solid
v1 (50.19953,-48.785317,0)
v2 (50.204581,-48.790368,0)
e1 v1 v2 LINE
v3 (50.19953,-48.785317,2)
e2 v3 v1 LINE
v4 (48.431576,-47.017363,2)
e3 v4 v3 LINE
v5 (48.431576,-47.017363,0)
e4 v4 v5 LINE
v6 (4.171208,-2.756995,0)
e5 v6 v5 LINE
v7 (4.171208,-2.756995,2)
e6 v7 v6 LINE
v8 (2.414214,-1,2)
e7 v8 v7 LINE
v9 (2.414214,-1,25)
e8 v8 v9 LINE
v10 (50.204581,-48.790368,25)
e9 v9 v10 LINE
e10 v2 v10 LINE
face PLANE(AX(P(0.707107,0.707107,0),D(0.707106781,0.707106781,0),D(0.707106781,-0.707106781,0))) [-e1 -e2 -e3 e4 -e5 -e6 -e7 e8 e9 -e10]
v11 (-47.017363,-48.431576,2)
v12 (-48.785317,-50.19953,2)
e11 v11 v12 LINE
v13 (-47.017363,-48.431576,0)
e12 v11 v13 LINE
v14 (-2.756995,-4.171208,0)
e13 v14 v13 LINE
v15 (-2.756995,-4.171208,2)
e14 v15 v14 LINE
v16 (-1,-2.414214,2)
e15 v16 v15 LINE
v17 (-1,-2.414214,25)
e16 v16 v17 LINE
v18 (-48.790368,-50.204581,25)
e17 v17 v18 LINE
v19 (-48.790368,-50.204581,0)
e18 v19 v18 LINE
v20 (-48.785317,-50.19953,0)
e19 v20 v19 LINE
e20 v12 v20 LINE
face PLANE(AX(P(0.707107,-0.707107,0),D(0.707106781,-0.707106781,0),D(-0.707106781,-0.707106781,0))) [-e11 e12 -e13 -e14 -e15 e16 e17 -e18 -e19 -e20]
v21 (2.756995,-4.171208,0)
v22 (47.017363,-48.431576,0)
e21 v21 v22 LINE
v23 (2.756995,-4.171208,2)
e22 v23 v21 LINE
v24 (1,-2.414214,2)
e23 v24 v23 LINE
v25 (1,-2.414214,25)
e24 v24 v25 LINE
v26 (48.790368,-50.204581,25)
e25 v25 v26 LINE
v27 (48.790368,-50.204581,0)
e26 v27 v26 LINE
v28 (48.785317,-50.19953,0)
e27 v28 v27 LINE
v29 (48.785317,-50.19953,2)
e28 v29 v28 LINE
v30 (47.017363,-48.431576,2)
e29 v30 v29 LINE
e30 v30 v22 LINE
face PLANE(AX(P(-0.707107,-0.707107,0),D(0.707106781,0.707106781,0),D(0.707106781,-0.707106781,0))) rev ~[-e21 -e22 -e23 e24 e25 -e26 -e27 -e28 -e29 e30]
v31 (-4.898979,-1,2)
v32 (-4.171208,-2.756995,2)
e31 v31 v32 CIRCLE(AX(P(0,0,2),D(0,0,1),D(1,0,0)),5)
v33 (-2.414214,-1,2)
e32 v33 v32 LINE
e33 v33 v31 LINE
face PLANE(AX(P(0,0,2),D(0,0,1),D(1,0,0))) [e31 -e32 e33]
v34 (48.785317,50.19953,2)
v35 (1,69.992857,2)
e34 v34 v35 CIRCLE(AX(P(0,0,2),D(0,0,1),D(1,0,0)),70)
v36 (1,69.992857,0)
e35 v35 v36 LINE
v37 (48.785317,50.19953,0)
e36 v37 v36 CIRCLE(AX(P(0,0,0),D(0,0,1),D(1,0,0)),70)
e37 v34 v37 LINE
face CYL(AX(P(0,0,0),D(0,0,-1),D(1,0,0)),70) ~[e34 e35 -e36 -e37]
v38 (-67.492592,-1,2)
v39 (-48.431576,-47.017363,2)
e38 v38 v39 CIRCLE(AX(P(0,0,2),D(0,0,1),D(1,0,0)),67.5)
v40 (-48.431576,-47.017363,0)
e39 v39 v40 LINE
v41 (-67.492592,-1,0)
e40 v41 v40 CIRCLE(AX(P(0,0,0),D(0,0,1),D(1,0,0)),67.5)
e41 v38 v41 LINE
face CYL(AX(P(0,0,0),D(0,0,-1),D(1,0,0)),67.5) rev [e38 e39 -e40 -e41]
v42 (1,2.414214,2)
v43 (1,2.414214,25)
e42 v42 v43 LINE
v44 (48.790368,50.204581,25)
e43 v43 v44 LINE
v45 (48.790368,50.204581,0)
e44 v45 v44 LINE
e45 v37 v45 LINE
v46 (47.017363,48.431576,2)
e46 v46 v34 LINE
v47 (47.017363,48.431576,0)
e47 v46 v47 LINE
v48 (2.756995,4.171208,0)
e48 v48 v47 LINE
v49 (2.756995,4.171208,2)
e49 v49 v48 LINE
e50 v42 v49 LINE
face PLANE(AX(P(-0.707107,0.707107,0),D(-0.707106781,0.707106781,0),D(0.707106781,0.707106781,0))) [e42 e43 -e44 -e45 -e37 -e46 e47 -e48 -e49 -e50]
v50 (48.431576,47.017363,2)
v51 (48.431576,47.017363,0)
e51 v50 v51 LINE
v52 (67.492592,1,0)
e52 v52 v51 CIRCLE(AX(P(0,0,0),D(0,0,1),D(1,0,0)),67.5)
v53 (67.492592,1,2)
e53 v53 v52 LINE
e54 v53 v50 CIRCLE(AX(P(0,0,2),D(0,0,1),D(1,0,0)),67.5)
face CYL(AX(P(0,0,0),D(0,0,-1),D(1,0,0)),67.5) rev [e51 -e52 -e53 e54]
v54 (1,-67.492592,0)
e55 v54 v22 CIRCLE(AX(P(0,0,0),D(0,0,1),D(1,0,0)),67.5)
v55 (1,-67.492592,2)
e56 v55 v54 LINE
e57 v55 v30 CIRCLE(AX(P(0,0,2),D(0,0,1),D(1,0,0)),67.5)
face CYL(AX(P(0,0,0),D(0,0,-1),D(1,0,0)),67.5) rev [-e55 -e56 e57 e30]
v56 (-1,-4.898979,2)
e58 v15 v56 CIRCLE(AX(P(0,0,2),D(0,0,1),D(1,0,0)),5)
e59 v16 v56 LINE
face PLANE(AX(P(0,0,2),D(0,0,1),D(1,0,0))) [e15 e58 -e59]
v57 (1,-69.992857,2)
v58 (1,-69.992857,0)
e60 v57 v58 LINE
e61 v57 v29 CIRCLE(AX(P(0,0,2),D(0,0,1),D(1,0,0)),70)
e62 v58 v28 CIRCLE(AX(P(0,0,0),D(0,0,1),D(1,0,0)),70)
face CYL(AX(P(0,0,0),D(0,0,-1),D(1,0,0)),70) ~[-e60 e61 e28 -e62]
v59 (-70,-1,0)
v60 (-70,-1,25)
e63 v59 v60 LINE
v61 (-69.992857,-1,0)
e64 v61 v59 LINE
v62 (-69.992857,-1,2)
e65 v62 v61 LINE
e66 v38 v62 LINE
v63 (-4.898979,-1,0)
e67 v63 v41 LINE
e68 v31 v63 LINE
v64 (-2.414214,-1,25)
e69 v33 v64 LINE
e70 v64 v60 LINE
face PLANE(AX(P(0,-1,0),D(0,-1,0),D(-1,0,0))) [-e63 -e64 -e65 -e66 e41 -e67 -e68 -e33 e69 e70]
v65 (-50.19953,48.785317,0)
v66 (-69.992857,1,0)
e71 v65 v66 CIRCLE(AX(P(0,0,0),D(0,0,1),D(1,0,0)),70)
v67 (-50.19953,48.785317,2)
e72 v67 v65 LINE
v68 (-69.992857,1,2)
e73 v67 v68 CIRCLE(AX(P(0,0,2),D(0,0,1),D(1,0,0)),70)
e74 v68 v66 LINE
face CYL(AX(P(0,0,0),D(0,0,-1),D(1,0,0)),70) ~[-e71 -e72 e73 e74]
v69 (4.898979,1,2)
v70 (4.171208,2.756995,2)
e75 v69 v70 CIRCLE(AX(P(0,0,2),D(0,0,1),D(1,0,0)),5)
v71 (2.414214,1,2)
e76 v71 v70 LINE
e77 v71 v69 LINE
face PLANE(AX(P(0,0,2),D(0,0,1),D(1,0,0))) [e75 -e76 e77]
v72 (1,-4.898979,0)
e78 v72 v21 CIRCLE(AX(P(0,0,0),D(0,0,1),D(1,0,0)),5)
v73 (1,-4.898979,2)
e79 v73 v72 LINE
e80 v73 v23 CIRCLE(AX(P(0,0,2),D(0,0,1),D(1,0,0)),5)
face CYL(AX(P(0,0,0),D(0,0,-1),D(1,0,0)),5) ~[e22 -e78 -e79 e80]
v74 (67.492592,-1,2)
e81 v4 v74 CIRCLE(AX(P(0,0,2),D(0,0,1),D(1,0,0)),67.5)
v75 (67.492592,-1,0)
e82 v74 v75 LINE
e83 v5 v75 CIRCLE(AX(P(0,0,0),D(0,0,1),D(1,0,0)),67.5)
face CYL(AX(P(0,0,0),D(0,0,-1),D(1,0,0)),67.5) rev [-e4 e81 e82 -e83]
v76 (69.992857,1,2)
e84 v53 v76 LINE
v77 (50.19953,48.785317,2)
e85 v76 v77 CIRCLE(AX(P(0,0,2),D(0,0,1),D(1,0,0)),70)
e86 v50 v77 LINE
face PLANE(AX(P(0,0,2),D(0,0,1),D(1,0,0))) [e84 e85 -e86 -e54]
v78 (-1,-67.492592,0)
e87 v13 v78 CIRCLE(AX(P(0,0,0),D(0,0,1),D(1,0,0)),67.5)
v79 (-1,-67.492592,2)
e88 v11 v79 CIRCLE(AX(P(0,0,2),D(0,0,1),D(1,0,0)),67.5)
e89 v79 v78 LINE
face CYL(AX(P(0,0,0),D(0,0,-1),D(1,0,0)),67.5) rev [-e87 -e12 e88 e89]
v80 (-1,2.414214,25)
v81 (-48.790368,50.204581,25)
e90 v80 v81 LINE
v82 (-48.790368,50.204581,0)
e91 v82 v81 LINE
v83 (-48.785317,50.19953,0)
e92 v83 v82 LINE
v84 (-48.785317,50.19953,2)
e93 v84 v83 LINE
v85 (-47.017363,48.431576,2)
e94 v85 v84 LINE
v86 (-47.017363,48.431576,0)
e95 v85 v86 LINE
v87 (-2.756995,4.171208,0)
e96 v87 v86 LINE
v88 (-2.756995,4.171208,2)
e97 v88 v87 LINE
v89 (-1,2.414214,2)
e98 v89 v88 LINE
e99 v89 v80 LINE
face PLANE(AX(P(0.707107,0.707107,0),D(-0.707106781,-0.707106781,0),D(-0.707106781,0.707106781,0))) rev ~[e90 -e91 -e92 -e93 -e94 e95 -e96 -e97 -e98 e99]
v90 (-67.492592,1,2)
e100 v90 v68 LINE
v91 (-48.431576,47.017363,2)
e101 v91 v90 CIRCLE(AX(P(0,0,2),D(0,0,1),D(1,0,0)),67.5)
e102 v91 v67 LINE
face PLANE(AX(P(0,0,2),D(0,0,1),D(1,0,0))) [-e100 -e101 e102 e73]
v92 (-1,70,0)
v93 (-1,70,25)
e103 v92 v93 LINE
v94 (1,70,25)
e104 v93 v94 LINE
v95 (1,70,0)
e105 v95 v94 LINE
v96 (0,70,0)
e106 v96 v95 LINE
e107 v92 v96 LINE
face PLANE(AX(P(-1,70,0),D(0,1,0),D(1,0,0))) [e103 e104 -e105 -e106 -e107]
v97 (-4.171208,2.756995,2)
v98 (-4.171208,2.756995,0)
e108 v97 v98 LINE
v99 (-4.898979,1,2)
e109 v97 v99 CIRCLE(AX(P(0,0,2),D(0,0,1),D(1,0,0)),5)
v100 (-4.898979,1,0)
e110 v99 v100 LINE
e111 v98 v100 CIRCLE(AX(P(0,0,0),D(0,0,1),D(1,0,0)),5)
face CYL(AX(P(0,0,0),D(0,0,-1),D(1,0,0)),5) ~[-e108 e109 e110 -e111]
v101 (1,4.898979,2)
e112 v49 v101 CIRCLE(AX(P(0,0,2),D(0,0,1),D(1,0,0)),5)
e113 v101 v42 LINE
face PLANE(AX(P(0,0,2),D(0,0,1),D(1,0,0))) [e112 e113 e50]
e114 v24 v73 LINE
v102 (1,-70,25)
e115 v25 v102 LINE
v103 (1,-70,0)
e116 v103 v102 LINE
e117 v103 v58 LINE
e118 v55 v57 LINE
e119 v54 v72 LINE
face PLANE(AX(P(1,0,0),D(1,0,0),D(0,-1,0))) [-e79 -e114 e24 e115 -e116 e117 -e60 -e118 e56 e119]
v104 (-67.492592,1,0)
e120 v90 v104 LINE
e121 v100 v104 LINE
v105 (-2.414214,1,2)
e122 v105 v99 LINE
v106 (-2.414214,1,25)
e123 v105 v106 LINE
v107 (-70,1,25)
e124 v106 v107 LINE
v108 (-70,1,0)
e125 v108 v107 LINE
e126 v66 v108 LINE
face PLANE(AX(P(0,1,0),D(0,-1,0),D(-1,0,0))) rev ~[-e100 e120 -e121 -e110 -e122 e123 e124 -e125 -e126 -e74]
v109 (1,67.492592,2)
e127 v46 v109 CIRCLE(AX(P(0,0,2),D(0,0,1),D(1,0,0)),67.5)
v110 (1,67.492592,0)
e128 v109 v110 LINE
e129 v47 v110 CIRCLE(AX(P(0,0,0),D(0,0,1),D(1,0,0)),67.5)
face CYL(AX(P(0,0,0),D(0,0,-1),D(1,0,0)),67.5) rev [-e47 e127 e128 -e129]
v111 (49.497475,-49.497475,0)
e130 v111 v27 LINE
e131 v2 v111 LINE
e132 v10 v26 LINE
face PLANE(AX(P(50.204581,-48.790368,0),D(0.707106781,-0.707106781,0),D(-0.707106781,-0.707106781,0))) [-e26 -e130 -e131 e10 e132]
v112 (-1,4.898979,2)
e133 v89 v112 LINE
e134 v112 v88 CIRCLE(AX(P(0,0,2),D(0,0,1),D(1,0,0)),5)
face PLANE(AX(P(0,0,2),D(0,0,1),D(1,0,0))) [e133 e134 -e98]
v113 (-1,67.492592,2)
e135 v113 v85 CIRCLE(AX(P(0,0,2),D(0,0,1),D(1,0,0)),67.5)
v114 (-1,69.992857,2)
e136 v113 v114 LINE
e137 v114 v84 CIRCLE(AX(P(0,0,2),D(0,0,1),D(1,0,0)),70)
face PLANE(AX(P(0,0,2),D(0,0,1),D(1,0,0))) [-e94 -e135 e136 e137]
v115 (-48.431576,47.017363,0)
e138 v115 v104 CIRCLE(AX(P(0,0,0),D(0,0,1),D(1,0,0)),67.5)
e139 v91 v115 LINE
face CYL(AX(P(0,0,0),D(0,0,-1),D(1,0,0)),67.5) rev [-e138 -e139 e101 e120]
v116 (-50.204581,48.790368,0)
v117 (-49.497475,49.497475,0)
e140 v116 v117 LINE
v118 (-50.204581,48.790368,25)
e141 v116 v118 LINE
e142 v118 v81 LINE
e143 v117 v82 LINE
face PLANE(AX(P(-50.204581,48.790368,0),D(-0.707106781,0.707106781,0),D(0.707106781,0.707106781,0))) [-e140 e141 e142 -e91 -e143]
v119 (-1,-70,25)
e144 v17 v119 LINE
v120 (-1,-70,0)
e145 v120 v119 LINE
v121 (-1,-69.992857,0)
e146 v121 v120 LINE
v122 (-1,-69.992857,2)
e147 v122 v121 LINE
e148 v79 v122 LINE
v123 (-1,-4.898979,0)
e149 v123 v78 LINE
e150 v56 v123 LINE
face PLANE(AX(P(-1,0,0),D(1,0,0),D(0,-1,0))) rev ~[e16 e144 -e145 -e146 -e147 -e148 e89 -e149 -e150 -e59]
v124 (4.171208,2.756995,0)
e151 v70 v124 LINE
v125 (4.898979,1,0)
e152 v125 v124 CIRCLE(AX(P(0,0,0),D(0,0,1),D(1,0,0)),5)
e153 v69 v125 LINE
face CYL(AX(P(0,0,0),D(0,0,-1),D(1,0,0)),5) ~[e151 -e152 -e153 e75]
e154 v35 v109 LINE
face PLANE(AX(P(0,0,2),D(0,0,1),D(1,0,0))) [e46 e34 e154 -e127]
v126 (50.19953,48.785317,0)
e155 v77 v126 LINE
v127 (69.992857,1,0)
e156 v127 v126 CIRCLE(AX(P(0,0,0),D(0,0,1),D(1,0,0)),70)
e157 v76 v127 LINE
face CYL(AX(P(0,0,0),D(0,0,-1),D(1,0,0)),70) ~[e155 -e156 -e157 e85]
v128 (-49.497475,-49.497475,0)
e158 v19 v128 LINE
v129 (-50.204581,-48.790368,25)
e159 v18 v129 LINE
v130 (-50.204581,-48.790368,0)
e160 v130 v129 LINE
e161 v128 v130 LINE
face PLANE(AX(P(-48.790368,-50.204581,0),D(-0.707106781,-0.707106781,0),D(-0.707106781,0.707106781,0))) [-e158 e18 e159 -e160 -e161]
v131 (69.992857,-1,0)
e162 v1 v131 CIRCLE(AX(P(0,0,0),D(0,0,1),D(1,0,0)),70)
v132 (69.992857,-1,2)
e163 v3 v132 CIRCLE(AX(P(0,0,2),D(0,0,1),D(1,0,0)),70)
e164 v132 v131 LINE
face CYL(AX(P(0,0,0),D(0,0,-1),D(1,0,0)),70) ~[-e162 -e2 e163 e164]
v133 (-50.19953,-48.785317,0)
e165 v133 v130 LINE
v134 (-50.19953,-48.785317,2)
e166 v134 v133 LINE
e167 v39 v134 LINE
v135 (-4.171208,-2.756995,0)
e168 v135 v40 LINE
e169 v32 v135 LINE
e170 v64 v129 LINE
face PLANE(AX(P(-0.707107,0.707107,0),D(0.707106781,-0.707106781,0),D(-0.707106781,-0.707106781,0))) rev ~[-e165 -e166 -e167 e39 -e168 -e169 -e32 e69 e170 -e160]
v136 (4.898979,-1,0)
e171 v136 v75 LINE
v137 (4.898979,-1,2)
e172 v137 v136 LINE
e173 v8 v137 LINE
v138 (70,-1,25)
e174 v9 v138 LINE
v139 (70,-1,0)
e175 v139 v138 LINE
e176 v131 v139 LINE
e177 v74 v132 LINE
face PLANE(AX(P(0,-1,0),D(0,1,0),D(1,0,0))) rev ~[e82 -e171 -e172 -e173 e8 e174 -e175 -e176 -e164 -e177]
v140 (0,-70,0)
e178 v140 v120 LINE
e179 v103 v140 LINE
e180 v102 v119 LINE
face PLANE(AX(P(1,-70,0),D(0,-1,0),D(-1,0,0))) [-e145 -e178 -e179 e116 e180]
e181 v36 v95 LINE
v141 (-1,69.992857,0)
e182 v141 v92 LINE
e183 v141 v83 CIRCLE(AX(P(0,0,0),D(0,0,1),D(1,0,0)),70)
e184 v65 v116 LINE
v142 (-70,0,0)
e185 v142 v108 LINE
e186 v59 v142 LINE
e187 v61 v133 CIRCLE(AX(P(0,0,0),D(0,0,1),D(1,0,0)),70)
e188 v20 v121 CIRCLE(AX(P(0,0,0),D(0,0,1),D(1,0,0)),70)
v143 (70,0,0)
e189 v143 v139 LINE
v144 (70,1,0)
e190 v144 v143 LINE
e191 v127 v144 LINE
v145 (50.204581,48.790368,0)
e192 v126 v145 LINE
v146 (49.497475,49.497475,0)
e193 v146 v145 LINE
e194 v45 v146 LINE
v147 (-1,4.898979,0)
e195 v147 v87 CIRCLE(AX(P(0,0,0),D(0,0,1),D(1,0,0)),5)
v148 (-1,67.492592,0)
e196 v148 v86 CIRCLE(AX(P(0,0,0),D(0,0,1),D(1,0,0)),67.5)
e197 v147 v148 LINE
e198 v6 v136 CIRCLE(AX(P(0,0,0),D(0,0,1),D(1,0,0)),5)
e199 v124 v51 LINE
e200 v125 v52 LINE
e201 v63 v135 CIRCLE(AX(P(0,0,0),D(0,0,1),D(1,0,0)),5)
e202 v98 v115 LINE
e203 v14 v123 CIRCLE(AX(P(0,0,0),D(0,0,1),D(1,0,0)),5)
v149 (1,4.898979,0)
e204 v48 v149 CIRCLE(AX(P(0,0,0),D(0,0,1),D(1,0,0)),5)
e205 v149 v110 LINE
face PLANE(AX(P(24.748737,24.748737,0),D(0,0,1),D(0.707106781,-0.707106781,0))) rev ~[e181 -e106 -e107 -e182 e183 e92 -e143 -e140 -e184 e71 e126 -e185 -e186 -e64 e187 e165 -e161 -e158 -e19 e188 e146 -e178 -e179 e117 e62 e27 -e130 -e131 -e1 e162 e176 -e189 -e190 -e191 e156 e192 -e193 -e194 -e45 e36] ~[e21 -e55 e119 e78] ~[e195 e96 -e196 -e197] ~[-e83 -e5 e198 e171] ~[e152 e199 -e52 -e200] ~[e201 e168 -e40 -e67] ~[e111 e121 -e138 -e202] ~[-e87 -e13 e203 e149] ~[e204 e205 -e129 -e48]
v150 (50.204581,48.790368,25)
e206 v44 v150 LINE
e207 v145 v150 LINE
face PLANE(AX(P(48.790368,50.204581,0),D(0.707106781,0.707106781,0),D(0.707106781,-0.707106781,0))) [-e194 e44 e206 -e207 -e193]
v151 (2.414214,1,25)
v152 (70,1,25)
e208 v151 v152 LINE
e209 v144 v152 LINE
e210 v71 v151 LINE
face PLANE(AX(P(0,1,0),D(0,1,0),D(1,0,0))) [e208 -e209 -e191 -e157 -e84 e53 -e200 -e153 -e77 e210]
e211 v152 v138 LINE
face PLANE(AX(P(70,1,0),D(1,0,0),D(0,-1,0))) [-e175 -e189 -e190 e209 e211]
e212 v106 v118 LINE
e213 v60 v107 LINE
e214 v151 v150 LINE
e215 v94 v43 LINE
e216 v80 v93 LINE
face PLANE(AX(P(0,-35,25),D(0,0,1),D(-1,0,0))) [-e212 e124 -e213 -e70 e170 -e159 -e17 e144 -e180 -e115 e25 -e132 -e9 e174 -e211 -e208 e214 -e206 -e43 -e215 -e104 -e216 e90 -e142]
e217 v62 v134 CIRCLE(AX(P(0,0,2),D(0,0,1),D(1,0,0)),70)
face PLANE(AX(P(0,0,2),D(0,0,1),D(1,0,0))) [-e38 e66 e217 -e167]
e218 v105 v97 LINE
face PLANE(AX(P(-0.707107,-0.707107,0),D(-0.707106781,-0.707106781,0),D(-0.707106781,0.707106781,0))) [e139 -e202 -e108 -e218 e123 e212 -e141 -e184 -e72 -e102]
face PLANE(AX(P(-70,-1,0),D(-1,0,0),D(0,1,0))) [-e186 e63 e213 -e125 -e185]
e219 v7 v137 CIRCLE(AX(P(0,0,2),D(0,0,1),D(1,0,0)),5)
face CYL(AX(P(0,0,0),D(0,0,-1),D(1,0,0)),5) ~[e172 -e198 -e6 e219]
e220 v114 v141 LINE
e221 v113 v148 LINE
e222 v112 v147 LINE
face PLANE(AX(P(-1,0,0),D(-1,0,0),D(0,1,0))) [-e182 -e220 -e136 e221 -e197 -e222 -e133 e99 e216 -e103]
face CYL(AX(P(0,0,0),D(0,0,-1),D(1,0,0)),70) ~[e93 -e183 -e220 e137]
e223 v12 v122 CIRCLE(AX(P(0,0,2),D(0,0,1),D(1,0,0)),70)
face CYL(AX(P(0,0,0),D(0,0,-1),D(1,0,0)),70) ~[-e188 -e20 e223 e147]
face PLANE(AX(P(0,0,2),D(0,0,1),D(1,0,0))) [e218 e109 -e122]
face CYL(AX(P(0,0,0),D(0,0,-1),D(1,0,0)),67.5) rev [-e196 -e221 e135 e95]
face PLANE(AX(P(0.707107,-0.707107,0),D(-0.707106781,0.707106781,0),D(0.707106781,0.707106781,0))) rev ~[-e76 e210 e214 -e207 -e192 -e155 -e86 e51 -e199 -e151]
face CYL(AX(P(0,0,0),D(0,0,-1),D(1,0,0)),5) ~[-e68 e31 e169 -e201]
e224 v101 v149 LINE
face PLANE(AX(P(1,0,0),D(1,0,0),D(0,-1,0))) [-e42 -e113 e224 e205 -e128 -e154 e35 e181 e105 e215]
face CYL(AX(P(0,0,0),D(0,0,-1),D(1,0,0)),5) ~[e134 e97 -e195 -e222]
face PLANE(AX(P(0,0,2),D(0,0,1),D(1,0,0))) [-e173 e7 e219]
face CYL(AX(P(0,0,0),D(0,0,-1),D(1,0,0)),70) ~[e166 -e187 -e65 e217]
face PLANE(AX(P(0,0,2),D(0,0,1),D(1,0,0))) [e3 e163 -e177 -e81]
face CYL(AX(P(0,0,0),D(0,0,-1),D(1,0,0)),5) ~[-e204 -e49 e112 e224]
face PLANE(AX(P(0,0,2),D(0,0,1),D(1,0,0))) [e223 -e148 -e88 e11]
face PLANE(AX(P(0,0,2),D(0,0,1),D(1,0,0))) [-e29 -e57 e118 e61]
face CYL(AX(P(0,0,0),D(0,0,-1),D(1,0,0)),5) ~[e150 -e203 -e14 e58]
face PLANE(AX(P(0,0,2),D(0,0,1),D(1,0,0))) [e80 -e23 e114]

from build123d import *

# Parameters (mm, degrees)
SKETCH_W           = 2
SKETCH_H           = 70
PAD_DEPTH          = 25
POLARPATTERN_COUNT = 8
SKETCH001_R        = 70
SKETCH001_R_2      = 67.5
SKETCH001_R_3      = 5
PAD001_DEPTH       = 2


with BuildPart() as part:
    # Sketch → Pad (new body)
    with BuildSketch(Plane.XY):
        with Locations((0, 35)):
            Rectangle(SKETCH_W, SKETCH_H)
    pad = extrude(amount=PAD_DEPTH)

    # PolarPattern: Pad ×8 about axis
    polarpattern_axis = Axis((0, 0, 0), (0, 0, 1))
    for i in range(1, POLARPATTERN_COUNT):
        add(pad.rotate(polarpattern_axis, i * 360 / POLARPATTERN_COUNT))

    # Sketch001 → Pad001 (join)
    with BuildSketch(Plane.XY):
        Circle(SKETCH001_R)
        Circle(SKETCH001_R_2, mode=Mode.SUBTRACT)
        Circle(SKETCH001_R_3)
    extrude(amount=PAD001_DEPTH)


solid = part.part
